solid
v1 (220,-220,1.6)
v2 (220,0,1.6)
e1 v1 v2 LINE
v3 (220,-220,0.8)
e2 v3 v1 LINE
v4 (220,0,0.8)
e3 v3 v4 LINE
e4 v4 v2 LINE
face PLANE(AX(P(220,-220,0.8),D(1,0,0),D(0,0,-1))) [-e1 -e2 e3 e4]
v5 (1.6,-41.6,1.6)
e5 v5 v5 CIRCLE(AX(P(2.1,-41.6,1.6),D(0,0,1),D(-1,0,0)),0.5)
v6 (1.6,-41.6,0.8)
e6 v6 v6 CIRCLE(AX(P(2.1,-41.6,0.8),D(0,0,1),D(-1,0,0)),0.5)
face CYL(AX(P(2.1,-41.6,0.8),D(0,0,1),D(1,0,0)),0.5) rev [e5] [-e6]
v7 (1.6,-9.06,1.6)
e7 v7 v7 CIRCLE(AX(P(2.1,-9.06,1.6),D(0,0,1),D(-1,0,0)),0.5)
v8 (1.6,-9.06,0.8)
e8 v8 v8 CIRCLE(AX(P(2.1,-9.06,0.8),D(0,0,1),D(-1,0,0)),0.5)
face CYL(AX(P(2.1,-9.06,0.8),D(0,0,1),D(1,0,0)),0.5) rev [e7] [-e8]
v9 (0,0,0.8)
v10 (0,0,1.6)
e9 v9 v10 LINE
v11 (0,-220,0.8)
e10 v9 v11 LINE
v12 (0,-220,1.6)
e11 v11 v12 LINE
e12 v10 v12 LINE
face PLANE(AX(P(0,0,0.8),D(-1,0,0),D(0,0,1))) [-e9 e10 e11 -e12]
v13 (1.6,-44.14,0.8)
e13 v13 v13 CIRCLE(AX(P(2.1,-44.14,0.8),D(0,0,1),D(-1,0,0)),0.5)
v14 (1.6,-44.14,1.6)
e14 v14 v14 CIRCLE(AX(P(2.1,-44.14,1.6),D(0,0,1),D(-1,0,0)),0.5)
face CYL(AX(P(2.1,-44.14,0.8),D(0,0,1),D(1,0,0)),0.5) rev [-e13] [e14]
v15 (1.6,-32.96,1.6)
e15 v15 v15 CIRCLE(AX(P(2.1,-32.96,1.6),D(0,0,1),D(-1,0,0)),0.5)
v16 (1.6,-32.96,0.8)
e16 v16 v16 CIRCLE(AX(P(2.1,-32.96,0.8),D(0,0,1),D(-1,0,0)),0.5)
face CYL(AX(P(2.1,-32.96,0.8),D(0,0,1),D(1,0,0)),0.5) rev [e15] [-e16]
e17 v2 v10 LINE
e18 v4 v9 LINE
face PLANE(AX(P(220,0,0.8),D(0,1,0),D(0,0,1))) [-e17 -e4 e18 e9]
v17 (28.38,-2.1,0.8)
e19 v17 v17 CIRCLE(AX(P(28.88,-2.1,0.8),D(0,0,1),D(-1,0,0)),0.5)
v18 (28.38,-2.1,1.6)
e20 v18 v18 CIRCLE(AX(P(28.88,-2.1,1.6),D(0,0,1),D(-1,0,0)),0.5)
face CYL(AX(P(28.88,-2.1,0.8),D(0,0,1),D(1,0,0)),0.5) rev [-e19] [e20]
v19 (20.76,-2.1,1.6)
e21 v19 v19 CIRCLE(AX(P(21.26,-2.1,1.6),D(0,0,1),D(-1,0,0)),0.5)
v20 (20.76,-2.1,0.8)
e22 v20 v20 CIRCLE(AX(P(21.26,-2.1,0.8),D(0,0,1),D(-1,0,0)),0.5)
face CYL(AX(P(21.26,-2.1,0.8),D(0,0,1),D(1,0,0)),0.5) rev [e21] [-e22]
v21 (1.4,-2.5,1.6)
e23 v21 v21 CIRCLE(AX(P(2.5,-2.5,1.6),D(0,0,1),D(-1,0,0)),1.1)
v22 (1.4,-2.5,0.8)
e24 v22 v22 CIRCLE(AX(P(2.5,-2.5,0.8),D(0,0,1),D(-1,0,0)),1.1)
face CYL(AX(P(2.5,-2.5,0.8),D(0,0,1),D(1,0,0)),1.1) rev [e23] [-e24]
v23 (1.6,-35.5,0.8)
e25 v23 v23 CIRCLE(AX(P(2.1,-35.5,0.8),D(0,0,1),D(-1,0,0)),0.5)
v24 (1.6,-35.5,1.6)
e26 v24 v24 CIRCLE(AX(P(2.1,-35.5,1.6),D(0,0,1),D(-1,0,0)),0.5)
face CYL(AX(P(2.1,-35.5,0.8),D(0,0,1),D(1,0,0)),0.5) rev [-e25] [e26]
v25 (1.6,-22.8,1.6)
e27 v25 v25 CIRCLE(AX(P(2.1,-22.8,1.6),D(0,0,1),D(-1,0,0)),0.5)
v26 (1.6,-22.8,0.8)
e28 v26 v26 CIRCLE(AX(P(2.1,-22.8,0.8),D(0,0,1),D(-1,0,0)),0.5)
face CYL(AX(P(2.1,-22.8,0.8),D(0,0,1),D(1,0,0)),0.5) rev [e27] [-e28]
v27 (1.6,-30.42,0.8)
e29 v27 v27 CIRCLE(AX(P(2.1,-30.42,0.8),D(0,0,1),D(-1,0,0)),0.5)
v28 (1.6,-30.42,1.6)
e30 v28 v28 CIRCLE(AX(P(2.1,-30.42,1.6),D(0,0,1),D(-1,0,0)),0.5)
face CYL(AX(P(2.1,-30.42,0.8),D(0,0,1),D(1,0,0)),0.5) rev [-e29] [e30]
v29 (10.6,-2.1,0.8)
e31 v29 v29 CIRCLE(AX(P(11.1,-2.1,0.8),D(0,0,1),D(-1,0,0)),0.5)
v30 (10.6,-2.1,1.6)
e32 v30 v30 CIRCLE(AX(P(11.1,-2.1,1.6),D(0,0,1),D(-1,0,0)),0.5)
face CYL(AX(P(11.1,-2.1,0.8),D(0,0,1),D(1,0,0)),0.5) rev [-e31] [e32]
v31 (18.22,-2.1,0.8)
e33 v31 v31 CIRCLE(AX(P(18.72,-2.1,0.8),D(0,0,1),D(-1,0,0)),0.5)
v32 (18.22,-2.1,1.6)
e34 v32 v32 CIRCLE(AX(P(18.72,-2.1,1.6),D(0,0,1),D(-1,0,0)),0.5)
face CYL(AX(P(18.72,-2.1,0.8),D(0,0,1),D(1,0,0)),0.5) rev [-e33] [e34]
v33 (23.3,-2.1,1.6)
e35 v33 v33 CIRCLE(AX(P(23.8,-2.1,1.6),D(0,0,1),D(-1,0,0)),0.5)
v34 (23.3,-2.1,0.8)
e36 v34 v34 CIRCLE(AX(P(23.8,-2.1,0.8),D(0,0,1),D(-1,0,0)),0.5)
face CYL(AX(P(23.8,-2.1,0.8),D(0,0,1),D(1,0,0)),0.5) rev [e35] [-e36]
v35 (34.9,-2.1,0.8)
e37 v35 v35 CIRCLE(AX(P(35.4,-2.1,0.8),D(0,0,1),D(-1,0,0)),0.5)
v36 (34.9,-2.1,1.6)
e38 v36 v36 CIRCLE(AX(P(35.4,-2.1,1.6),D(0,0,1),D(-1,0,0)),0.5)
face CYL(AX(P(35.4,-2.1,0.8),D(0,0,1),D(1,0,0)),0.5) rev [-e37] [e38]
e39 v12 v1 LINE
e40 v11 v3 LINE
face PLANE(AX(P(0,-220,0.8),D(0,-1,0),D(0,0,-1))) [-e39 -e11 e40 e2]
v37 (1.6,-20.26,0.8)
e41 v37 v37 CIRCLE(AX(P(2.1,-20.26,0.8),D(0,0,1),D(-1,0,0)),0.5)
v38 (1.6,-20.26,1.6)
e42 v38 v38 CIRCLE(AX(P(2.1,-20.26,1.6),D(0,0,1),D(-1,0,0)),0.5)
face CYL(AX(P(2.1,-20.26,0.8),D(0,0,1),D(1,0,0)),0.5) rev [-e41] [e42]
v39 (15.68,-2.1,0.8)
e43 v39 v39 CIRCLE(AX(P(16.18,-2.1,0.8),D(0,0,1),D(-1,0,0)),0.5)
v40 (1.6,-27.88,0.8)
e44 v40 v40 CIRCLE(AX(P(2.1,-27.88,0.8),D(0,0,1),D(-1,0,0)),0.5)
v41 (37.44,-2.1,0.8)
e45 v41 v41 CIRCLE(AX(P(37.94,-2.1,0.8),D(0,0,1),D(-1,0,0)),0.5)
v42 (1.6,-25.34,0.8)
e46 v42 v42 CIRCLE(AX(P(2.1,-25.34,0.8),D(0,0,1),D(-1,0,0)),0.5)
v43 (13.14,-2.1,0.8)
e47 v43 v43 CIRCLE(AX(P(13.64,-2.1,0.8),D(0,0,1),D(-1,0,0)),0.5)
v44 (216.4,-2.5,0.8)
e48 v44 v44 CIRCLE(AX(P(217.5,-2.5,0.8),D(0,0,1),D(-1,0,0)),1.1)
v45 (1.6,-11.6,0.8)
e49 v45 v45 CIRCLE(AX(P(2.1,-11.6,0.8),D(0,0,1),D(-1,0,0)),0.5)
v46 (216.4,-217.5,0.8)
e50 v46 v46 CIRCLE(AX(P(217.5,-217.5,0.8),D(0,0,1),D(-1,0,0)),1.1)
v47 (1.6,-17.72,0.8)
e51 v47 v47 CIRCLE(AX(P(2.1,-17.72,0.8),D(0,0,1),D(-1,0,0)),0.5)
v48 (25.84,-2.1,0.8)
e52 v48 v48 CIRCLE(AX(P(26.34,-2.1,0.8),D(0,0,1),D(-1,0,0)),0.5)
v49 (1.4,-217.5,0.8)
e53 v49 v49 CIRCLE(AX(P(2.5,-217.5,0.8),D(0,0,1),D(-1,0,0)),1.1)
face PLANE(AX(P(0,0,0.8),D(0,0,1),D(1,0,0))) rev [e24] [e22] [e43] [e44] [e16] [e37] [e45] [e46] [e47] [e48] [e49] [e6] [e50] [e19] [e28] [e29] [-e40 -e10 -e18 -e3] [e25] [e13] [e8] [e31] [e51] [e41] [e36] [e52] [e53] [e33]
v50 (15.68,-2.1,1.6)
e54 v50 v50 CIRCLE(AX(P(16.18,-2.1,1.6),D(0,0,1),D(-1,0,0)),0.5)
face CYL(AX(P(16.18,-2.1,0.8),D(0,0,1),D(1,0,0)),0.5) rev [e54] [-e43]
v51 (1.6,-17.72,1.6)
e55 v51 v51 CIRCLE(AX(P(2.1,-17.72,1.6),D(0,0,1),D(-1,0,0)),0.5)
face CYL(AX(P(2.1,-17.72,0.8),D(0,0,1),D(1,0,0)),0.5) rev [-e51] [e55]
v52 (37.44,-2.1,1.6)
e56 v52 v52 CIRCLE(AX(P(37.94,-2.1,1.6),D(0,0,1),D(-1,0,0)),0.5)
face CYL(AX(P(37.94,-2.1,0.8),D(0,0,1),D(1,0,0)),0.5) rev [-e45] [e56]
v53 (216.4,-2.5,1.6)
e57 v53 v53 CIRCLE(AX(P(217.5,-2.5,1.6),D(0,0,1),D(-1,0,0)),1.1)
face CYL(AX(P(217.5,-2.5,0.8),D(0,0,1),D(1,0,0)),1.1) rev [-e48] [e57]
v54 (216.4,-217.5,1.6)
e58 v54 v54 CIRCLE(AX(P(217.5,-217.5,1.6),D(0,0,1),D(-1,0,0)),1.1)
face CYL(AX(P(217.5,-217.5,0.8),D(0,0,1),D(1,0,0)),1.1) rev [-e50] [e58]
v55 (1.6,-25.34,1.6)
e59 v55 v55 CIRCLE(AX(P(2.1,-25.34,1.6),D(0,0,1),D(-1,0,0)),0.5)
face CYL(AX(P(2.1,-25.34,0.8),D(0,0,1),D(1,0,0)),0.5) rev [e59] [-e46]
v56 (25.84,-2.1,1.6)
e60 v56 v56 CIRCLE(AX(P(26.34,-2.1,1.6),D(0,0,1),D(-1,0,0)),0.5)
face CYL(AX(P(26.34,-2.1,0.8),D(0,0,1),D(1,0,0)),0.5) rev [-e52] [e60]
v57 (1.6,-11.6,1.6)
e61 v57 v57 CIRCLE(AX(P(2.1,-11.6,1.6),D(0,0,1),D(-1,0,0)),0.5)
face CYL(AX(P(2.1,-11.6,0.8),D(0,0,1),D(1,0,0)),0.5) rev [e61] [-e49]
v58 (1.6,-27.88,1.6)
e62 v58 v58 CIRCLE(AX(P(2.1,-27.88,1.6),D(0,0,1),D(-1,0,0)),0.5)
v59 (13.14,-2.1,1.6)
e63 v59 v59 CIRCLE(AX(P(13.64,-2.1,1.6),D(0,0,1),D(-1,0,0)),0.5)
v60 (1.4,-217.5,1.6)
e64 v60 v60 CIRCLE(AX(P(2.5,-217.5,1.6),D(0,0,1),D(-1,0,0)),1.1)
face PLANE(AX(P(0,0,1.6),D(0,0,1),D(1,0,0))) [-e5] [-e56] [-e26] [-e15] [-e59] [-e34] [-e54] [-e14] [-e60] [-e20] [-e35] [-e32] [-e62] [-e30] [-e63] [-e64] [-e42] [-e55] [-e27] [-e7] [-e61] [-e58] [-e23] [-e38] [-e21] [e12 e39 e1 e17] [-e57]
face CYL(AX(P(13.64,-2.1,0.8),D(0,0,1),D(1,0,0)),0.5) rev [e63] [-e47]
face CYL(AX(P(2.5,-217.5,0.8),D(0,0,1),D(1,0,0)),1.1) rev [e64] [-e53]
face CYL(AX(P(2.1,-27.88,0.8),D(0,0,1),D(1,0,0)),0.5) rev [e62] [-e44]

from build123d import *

# Parameters (mm, degrees)
SKETCH1_W           = 220
SKETCH1_H           = 220
SKETCH1_R           = 1.1
SKETCH1_R_2         = 0.5
BOSS_EXTRUDE1_DEPTH = 0.8


with BuildPart() as part:
    # Sketch1 → Boss-Extrude1 (new body)
    with BuildSketch(Plane.XY.offset(1.6)):
        with Locations((110, -110)):
            Rectangle(SKETCH1_W, SKETCH1_H)
        with Locations(Location((217.5, -217.5, 0), (0, 0, 180))):
            Circle(SKETCH1_R, mode=Mode.SUBTRACT)
        with Locations(Location((2.1, -44.14, 0), (0, 0, 180))):
            Circle(SKETCH1_R_2, mode=Mode.SUBTRACT)
        with Locations(Location((2.5, -217.5, 0), (0, 0, 180))):
            Circle(SKETCH1_R, mode=Mode.SUBTRACT)
        with Locations(Location((2.1, -11.6, 0), (0, 0, 180))):
            Circle(SKETCH1_R_2, mode=Mode.SUBTRACT)
        with Locations(Location((2.1, -9.06, 0), (0, 0, 180))):
            Circle(SKETCH1_R_2, mode=Mode.SUBTRACT)
        with Locations(Location((2.1, -17.72, 0), (0, 0, 180))):
            Circle(SKETCH1_R_2, mode=Mode.SUBTRACT)
        with Locations(Location((2.1, -20.26, 0), (0, 0, 180))):
            Circle(SKETCH1_R_2, mode=Mode.SUBTRACT)
        with Locations(Location((2.1, -27.88, 0), (0, 0, 180))):
            Circle(SKETCH1_R_2, mode=Mode.SUBTRACT)
        with Locations(Location((2.1, -30.42, 0), (0, 0, 180))):
            Circle(SKETCH1_R_2, mode=Mode.SUBTRACT)
        with Locations(Location((2.1, -25.34, 0), (0, 0, 180))):
            Circle(SKETCH1_R_2, mode=Mode.SUBTRACT)
        with Locations(Location((2.1, -22.8, 0), (0, 0, 180))):
            Circle(SKETCH1_R_2, mode=Mode.SUBTRACT)
        with Locations(Location((2.1, -32.96, 0), (0, 0, 180))):
            Circle(SKETCH1_R_2, mode=Mode.SUBTRACT)
        with Locations(Location((2.1, -35.5, 0), (0, 0, 180))):
            Circle(SKETCH1_R_2, mode=Mode.SUBTRACT)
        with Locations(Location((2.1, -41.6, 0), (0, 0, 180))):
            Circle(SKETCH1_R_2, mode=Mode.SUBTRACT)
        with Locations(Location((11.1, -2.1, 0), (0, 0, 180))):
            Circle(SKETCH1_R_2, mode=Mode.SUBTRACT)
        with Locations(Location((2.5, -2.5, 0), (0, 0, 180))):
            Circle(SKETCH1_R, mode=Mode.SUBTRACT)
        with Locations(Location((217.5, -2.5, 0), (0, 0, 180))):
            Circle(SKETCH1_R, mode=Mode.SUBTRACT)
        with Locations(Location((37.94, -2.1, 0), (0, 0, 180))):
            Circle(SKETCH1_R_2, mode=Mode.SUBTRACT)
        with Locations(Location((35.4, -2.1, 0), (0, 0, 180))):
            Circle(SKETCH1_R_2, mode=Mode.SUBTRACT)
        with Locations(Location((28.88, -2.1, 0), (0, 0, 180))):
            Circle(SKETCH1_R_2, mode=Mode.SUBTRACT)
        with Locations(Location((21.26, -2.1, 0), (0, 0, 180))):
            Circle(SKETCH1_R_2, mode=Mode.SUBTRACT)
        with Locations(Location((23.8, -2.1, 0), (0, 0, 180))):
            Circle(SKETCH1_R_2, mode=Mode.SUBTRACT)
        with Locations(Location((26.34, -2.1, 0), (0, 0, 180))):
            Circle(SKETCH1_R_2, mode=Mode.SUBTRACT)
        with Locations(Location((16.18, -2.1, 0), (0, 0, 180))):
            Circle(SKETCH1_R_2, mode=Mode.SUBTRACT)
        with Locations(Location((18.72, -2.1, 0), (0, 0, 180))):
            Circle(SKETCH1_R_2, mode=Mode.SUBTRACT)
        with Locations(Location((13.64, -2.1, 0), (0, 0, 180))):
            Circle(SKETCH1_R_2, mode=Mode.SUBTRACT)
    extrude(amount=-BOSS_EXTRUDE1_DEPTH)


solid = part.part
